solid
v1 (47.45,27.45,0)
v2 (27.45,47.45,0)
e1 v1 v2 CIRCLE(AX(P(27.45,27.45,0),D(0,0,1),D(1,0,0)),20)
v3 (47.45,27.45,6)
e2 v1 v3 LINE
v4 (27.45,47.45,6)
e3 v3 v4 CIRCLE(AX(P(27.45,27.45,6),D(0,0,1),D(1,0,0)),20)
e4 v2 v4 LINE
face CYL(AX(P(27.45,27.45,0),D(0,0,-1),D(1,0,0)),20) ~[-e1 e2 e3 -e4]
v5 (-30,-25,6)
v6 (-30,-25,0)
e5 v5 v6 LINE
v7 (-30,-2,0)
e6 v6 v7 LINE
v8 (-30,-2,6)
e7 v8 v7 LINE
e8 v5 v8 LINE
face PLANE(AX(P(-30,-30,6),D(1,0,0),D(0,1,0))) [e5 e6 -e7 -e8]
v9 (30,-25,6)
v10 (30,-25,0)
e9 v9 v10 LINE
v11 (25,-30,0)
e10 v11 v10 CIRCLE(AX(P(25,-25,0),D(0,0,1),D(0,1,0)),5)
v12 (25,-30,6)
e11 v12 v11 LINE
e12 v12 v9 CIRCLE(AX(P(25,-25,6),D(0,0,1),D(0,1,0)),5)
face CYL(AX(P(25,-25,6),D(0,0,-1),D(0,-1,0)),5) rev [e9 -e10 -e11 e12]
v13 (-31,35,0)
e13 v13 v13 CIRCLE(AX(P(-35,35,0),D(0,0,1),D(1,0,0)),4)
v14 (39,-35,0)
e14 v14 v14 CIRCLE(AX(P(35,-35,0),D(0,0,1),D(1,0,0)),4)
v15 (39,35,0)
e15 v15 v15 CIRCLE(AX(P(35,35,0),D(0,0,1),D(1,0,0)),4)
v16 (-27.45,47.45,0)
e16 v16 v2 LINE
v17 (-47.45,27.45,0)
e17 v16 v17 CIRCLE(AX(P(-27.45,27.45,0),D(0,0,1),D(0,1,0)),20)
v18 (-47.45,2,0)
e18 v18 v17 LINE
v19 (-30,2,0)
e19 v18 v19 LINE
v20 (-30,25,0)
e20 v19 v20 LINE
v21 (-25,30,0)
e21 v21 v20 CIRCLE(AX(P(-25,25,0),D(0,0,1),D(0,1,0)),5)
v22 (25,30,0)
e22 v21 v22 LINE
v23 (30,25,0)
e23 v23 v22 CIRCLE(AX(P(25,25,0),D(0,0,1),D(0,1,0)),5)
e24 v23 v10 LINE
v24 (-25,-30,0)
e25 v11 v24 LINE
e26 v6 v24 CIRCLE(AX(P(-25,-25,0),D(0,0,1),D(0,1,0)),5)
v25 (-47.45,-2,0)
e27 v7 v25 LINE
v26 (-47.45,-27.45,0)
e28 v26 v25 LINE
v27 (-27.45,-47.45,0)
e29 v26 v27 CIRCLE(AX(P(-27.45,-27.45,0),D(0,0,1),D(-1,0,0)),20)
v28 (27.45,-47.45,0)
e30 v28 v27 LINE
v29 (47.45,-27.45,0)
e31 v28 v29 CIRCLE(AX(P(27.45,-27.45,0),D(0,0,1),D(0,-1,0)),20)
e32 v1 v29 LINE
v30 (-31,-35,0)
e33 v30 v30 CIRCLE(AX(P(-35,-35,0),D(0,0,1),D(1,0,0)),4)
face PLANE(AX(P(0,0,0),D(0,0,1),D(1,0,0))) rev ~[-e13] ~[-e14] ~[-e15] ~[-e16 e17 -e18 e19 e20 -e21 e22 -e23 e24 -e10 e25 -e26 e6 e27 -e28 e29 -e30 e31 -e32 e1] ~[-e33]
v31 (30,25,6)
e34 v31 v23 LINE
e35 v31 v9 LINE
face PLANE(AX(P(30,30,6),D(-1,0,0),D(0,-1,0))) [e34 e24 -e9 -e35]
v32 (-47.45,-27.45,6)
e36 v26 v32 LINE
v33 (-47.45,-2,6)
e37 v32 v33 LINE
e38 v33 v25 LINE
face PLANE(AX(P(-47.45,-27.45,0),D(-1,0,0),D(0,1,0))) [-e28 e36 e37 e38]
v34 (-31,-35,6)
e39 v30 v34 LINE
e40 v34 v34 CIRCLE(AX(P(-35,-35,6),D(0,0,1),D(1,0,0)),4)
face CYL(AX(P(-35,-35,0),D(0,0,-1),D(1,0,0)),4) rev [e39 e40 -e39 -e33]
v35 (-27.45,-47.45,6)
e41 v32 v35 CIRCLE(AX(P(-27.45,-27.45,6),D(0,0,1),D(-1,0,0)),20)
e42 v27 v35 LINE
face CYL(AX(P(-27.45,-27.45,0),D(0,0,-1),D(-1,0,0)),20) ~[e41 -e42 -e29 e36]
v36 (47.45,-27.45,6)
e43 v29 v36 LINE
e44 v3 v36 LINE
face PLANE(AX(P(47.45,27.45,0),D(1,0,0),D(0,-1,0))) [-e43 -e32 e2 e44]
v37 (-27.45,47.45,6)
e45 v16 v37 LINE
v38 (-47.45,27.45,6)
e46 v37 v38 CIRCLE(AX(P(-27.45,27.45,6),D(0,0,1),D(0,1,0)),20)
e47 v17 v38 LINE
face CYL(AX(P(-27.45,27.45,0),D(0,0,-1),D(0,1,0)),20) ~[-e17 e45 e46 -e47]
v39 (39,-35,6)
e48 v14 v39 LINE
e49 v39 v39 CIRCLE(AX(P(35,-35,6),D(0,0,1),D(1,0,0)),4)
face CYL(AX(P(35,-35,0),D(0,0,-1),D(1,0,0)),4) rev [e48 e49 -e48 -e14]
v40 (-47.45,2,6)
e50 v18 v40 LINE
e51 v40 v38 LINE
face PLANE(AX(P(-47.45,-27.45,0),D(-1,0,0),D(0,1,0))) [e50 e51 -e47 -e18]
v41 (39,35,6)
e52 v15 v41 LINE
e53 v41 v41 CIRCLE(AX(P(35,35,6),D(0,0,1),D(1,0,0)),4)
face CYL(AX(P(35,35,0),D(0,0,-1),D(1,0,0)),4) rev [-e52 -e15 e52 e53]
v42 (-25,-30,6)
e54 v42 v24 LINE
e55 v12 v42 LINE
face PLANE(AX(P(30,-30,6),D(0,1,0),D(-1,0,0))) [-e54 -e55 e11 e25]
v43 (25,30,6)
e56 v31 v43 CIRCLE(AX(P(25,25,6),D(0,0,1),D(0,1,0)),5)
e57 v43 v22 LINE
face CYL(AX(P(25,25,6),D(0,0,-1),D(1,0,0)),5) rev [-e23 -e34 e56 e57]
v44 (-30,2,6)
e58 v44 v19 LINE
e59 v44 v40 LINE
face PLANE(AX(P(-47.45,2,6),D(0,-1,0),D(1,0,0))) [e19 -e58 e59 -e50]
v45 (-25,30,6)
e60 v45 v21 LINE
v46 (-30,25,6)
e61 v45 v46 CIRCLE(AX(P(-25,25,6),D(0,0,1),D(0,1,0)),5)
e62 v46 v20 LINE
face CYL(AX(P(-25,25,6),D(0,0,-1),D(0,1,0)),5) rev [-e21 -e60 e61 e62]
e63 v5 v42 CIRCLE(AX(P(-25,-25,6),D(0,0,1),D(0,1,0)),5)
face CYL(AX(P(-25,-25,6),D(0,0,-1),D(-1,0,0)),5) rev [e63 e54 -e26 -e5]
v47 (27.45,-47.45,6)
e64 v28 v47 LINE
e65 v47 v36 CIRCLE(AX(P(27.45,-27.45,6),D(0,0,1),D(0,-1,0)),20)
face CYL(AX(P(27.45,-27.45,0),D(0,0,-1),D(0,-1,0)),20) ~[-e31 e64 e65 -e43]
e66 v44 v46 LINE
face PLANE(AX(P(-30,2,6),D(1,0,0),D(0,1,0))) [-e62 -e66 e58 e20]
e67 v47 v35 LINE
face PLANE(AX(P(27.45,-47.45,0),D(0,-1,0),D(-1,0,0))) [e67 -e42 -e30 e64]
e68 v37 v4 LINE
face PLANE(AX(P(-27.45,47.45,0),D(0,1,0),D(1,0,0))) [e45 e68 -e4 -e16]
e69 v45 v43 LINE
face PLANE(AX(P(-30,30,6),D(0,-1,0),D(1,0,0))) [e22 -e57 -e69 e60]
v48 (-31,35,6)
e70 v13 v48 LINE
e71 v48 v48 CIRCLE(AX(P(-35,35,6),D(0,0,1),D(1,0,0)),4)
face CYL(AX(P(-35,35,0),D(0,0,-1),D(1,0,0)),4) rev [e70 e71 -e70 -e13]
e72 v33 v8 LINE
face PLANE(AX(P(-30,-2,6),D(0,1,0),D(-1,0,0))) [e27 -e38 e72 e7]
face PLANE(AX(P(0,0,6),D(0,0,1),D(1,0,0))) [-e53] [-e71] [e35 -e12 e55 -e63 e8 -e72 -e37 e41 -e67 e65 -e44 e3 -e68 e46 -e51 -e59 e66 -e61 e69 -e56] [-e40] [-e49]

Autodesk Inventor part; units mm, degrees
ref_plane "YZ Plane" through (0, 0, 0) normal (1, 0, 0) x (0, 1, 0)
ref_plane "XZ Plane" through (0, 0, 0) normal (0, 1, 0) x (-1, 0, 0)
ref_plane "XY Plane" through (0, 0, 0) normal (0, 0, 1) x (1, 0, 0)
sketch "Sketch1" plane through (0, 0, 0) normal (0, 0, 1) x (1, 0, 0)
  line L0 (-27.45, -52.45) -> (27.45, -52.45) construction
  line L1 (52.45, -27.45) -> (52.45, 27.45) construction
  line L2 (27.45, 52.45) -> (-27.45, 52.45) construction
  line L3 (-52.45, 27.45) -> (-52.45, -27.45) construction
  line L4 (-52.45, -52.45) -> (52.45, 52.45) construction
  line L5 (52.45, -52.45) -> (-52.45, 52.45) construction
  arc A0 (-27.45, 52.45) -> (-52.45, 27.45) centre (-27.45, 27.45) ccw construction
  arc A1 (-52.45, -27.45) -> (-27.45, -52.45) centre (-27.45, -27.45) ccw construction
  arc A2 (27.45, -52.45) -> (52.45, -27.45) centre (27.45, -27.45) ccw construction
  arc A3 (52.45, 27.45) -> (27.45, 52.45) centre (27.45, 27.45) ccw construction
  line L6 (47.45, 27.45) -> (47.45, -27.45)
  arc A4 (27.45, -47.45) -> (47.45, -27.45) centre (27.45, -27.45) ccw
  line L7 (27.45, -47.45) -> (-27.45, -47.45)
  arc A5 (-47.45, -27.45) -> (-27.45, -47.45) centre (-27.45, -27.45) ccw
  line L8 (-47.45, -27.45) -> (-47.45, 27.45)
  arc A6 (-27.45, 47.45) -> (-47.45, 27.45) centre (-27.45, 27.45) ccw
  line L9 (-27.45, 47.45) -> (27.45, 47.45)
  arc A7 (47.45, 27.45) -> (27.45, 47.45) centre (27.45, 27.45) ccw
  line L10 (-35, 35) -> (35, 35) construction
  line L11 (35, 35) -> (35, -35) construction
  line L12 (35, -35) -> (-35, -35) construction
  line L13 (-35, -35) -> (-35, 35) construction
  line L14 (-35, 35) -> (35, -35) construction
  line L15 (35, 35) -> (-35, -35) construction
  circle A8 centre (35, 35) radius 4
  circle A9 centre (35, -35) radius 4
  circle A10 centre (-35, -35) radius 4
  circle A11 centre (-35, 35) radius 4
  point P0 (0, 0)
  dimension "d0" = 104.9
  dimension "d1" = 104.9
  dimension "d2" = 25
  dimension "d6" = 5
  dimension "d12" = 70
  dimension "d13" = 8
extrude "Extrusion1" add sketch "Sketch1" along normal blind 6
sketch "Sketch2" plane through (0, 0, 6) normal (0, 0, 1) x (1, 0, 0)
  line L0 (-30, 30) -> (30, 30)
  line L1 (30, 30) -> (30, -30)
  line L2 (30, -30) -> (-30, -30)
  line L3 (-30, 30) -> (30, -30) construction
  line L4 (30, 30) -> (-30, -30) construction
  line L5 (-64.9, 2) -> (-30, 2)
  line L6 (-30, -2) -> (-64.9, -2)
  line L7 (-64.9, -2) -> (-64.9, 2)
  line L8 (-47.45, 27.45) -> (-47.45, -27.45) projected
  line L9 (-64.9, 2) -> (-30, -2) construction
  line L10 (-30, 2) -> (-64.9, -2) construction
  line L11 (-30, -30) -> (-30, -2)
  line L12 (-30, 2) -> (-30, 30)
  point P0 (0, 0)
  point P1 (-47.45, 0)
  dimension "d7" = 4
  dimension "d8" = 60
  dimension "d9" = 60
extrude "Extrusion2" cut sketch "Sketch2" against normal blind 10
fillet "Fillet1" radius 5 4 edges at (30, 30, 3) (-30, 30, 3) (30, -30, 3) (-30, -30, 3)
equation "\"d1\" = d0"
equation "\"d8\" = d9"
properties part number "NewFront_E"
